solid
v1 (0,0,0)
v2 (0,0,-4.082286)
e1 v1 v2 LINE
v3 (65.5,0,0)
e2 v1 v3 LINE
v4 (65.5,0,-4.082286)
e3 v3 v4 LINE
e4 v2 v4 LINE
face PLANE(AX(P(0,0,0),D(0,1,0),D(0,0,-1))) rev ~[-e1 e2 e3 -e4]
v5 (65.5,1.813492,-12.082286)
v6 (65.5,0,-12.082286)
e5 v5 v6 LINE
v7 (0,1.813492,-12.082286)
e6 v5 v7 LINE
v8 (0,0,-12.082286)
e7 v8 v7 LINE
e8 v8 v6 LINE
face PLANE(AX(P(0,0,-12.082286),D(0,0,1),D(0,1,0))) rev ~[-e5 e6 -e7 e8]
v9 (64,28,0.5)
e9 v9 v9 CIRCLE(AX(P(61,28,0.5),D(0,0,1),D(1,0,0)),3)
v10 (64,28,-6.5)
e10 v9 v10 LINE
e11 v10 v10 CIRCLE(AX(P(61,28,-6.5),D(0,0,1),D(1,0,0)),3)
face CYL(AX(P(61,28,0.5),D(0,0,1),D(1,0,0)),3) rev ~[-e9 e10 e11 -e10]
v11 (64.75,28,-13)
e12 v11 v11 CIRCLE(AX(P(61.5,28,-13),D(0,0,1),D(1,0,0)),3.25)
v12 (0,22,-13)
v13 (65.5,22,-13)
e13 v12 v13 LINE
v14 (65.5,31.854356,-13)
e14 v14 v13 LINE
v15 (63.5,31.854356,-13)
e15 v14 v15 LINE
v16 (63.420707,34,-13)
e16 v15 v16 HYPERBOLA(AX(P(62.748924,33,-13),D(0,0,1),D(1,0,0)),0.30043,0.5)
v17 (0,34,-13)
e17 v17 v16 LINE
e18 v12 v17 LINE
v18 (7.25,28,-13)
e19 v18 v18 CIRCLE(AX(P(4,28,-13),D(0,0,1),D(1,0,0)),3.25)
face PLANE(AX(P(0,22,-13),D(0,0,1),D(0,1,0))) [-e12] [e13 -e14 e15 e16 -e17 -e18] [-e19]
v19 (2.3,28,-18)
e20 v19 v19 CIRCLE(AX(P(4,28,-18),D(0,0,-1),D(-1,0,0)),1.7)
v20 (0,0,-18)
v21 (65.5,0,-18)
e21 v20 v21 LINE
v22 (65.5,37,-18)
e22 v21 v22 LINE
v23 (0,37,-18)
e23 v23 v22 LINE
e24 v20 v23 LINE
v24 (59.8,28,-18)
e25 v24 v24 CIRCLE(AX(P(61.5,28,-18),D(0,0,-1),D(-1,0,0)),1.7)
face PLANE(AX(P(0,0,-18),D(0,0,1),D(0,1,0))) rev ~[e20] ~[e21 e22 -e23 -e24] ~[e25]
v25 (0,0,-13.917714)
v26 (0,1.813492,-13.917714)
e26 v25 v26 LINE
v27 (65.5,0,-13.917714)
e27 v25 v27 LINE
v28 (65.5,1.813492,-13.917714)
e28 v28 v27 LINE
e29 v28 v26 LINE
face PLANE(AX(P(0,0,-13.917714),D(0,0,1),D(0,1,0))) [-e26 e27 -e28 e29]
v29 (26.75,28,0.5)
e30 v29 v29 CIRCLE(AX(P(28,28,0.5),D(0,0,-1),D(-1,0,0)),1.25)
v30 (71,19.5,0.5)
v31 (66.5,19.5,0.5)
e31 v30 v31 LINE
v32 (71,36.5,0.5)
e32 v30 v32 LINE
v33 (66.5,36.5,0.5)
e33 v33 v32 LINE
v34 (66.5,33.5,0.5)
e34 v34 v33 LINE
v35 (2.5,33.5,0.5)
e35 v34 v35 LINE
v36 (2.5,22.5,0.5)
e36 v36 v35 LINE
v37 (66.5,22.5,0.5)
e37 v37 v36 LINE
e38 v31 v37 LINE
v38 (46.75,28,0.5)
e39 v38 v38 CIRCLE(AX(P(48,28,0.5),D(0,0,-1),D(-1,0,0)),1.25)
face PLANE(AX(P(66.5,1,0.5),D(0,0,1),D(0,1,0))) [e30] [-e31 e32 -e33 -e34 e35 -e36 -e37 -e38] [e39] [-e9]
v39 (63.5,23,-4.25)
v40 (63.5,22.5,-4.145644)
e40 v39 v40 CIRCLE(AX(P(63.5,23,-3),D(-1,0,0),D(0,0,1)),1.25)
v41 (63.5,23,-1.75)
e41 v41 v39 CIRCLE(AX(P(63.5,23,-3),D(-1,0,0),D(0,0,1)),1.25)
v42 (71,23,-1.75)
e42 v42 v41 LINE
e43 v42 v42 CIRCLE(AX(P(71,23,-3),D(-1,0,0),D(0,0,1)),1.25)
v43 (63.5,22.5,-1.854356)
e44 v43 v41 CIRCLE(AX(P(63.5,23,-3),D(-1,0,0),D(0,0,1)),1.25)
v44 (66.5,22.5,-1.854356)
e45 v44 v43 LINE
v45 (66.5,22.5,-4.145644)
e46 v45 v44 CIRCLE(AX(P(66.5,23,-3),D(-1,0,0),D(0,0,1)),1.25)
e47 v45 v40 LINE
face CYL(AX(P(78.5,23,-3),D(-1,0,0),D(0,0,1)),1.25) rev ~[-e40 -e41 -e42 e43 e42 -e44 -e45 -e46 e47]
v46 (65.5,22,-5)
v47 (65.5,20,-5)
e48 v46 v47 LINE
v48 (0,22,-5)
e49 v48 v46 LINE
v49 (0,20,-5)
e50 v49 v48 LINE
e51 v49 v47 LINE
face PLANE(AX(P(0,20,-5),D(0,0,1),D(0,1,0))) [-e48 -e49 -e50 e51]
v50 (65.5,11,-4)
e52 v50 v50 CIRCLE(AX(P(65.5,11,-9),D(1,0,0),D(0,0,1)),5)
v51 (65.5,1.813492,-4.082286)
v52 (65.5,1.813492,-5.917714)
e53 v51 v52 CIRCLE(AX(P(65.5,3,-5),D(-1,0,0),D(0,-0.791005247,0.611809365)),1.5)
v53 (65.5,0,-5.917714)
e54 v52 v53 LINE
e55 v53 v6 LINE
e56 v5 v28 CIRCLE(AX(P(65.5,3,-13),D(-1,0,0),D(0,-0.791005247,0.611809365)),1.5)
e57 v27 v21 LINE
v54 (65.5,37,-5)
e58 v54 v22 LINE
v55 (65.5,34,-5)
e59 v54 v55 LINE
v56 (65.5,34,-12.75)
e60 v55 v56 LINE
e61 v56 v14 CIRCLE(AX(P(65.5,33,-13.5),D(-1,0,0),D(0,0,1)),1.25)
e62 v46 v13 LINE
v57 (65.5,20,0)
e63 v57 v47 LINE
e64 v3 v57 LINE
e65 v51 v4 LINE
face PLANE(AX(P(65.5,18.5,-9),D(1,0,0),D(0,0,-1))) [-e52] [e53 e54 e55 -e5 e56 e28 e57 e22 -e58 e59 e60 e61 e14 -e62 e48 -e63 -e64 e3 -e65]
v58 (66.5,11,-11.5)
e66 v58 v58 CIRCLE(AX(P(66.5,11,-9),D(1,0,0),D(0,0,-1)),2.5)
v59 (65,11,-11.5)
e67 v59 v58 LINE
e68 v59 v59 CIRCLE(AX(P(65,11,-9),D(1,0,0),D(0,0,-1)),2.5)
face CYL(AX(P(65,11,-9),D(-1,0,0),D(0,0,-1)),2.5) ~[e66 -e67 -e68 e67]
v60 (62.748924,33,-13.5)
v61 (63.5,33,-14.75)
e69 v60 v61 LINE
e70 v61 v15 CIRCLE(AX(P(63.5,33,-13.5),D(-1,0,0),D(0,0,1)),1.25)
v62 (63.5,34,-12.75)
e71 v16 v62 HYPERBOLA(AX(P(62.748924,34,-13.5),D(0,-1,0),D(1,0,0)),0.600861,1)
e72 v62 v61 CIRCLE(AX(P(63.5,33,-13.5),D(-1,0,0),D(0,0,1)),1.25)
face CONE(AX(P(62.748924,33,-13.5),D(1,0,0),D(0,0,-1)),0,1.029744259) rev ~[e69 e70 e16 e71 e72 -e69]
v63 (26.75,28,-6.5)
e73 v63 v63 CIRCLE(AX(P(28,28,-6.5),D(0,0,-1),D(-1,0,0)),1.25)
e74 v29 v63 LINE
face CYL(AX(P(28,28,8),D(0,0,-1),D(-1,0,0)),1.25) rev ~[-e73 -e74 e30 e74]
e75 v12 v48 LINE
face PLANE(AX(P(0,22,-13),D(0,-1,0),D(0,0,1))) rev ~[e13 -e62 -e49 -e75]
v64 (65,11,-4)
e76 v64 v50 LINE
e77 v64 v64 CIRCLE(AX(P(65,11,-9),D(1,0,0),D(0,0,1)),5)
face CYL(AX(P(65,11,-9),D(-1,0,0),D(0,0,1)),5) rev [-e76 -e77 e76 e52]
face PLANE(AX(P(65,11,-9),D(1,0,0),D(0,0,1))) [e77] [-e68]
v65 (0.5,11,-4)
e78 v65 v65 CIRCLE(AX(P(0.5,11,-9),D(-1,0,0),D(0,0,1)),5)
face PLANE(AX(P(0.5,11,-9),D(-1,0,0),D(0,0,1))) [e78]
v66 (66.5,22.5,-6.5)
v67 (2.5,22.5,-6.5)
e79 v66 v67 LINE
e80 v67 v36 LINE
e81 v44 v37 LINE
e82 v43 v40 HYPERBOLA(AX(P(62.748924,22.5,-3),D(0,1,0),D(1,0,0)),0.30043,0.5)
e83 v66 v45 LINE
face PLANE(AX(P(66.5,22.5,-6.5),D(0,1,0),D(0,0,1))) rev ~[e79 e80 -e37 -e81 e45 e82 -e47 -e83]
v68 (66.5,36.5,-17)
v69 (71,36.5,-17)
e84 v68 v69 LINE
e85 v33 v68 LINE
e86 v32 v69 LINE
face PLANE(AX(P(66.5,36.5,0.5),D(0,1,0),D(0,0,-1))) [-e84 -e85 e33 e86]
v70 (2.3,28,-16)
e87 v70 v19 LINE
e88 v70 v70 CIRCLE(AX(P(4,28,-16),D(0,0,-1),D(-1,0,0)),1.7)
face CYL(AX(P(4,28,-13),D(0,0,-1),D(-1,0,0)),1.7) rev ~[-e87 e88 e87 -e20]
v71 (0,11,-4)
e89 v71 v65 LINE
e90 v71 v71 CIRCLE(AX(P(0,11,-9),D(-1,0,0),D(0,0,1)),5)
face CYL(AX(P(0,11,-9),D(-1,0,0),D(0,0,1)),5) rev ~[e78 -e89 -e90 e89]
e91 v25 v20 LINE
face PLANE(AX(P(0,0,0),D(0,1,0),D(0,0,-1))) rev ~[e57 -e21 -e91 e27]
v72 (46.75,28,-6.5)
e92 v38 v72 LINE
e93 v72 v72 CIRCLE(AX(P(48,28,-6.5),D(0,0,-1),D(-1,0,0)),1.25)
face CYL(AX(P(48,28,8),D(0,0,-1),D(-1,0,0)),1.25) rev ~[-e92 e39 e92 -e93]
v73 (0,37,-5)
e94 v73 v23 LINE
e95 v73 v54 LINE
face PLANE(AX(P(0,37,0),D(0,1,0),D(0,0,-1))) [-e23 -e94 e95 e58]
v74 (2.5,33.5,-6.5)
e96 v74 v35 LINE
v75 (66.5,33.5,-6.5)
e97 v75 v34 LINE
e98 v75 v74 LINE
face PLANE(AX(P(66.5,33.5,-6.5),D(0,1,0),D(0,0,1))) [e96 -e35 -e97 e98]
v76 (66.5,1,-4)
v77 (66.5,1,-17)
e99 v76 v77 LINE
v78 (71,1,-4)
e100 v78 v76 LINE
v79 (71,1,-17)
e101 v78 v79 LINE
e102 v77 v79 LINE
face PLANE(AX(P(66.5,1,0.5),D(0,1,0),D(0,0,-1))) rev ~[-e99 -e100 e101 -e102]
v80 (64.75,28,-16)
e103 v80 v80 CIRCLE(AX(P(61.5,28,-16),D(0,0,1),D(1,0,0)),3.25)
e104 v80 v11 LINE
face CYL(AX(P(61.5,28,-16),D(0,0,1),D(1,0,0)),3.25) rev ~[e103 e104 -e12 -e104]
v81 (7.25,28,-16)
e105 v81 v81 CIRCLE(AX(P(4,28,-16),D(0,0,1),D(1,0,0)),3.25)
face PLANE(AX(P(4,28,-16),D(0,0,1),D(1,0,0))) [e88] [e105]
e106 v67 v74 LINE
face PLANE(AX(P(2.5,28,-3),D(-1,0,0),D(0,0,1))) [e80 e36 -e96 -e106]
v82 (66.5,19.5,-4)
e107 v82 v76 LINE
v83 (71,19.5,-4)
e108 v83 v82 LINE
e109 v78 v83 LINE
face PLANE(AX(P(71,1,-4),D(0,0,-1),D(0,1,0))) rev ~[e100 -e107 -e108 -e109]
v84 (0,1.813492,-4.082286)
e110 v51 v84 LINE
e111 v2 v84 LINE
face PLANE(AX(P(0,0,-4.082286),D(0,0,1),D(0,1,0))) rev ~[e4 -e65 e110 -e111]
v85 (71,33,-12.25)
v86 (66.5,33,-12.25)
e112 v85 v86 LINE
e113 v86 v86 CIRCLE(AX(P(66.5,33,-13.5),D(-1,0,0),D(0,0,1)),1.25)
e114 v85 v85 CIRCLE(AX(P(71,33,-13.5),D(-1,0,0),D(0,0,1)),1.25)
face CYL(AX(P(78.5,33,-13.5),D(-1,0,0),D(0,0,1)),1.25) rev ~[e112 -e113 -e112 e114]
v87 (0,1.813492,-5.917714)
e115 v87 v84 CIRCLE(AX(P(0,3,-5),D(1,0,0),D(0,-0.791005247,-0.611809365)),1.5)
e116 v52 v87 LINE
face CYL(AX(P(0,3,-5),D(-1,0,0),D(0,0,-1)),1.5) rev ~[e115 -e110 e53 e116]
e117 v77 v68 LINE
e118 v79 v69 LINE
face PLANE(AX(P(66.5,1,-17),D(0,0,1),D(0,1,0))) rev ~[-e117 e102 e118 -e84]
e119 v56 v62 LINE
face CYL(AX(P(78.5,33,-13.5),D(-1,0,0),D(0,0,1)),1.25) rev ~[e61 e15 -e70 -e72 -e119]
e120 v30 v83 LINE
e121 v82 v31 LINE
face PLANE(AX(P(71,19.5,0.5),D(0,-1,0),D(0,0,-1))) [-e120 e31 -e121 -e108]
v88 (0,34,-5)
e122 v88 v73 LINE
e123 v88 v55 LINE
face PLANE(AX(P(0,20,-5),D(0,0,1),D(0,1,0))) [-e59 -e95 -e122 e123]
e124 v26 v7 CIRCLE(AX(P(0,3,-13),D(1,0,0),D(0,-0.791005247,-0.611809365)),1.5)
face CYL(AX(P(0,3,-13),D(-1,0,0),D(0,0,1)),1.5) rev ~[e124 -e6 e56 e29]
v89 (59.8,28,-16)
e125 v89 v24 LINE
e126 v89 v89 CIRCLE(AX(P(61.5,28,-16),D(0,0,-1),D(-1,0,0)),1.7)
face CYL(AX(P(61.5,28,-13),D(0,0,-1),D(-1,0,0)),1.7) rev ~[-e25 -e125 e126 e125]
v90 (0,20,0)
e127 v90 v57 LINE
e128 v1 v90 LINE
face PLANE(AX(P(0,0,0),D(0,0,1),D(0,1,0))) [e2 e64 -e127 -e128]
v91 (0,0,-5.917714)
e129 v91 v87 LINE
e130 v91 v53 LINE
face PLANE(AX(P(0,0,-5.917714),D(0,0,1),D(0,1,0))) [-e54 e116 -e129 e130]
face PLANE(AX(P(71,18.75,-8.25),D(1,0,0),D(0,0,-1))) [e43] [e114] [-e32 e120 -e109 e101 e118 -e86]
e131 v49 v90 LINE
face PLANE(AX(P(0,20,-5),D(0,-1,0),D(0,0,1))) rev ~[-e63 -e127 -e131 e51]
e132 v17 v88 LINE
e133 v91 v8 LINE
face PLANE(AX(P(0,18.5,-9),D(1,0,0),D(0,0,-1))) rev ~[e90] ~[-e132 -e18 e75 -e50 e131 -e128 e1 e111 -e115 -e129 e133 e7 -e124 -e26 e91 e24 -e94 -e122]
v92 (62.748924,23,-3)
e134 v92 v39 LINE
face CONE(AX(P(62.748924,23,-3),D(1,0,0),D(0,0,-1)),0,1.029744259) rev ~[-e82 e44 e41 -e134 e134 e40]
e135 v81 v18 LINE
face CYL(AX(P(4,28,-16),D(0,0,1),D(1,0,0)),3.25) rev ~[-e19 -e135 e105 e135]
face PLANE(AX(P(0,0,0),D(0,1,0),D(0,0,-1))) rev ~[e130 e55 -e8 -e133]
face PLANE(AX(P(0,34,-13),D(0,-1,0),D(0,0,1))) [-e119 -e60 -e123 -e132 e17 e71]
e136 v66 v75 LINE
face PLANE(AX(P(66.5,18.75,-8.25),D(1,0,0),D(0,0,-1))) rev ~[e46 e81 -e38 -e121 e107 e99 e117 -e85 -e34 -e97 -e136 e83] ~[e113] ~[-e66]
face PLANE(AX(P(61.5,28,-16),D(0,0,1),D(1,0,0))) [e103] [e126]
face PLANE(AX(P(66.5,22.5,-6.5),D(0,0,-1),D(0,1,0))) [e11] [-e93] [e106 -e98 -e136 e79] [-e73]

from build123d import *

# Parameters (mm, degrees)
SKETCH_1_W                     = 18
SKETCH_1_H                     = 37
EXTRUDE_1_DEPTH                = 65.5
SKETCH_2_R                     = 5
CUT_EXTRUDE_1_DEPTH            = 0.5
CUT_EXTRUDE_START              = -0.5
SKETCH_3_R                     = 5
CUT_EXTRUDE_2_DEPTH            = 0.5
SKETCH_4_R                     = 1.5
CUT_EXTRUDE_3_DEPTH            = 78.351470574
SKETCH_5_W                     = 1.835428096
SKETCH_5_H                     = 2.75652024
CUT_EXTRUDE_4_DEPTH            = 78.351470574
SKETCH_6_W                     = 5
SKETCH_6_H                     = 17
CUT_EXTRUDE_5_DEPTH            = 78.351470574
SKETCH_7_W                     = 8
SKETCH_7_H                     = 12
CUT_EXTRUDE_6_DEPTH            = 78.351470574
SKETCH_8_R                     = 2.5
EXTRUDE_2_DEPTH                = 1.5
SKETCH_9_W                     = 17.5
SKETCH_9_H                     = 35.5
EXTRUDE_3_DEPTH                = 4.5
SKETCH_10_W                    = 7
SKETCH_10_H                    = 11
EXTRUDE_4_DEPTH                = 64
CUT_EXTRUDE_7_REACH            = 84.061
SKETCH_11_W                    = 4.5
SKETCH_11_H                    = 18.5
HOLE_WIZARD_M3_1_D             = 2.5
HOLE_WIZARD_M3_1_DEPTH         = 7.5
HOLE_WIZARD_M3_1_TIP           = 0.751075774
HOLE_WIZARD_M3_1_2_D           = 3.4
HOLE_WIZARD_M3_1_2_DEPTH       = 5
HOLE_WIZARD_M3_1_2_CBORE_D     = 6.5
HOLE_WIZARD_M3_1_2_CBORE_DEPTH = 3
CUT_EXTRUDE_8_REACH            = 84.172
SKETCH_16_R                    = 3
HOLE_WIZARD_M3_2_D             = 2.5
HOLE_WIZARD_M3_2_DEPTH         = 7.5
HOLE_WIZARD_M3_2_TIP           = 0.751075774


with BuildPart() as part:
    # 草图1 → 凸台-拉伸1 (new body)
    with BuildSketch(Plane(origin=(0, 0, 0), x_dir=(0, 0, -1), z_dir=(1, 0, 0))):
        with Locations((9, 18.5)):
            Rectangle(SKETCH_1_W, SKETCH_1_H)
    extrude(amount=EXTRUDE_1_DEPTH)

    # 草图2 → 切除-拉伸1 (cut)
    with BuildSketch(Plane.ZY):
        with Locations((-9, 11)):
            Circle(SKETCH_2_R)
    extrude(amount=-CUT_EXTRUDE_1_DEPTH, mode=Mode.SUBTRACT)

    # 草图3 → 切除-拉伸2 (cut)
    with BuildSketch(Plane(origin=(65.5, 0, 0), x_dir=(0, 0, -1), z_dir=(1, 0, 0)).offset(CUT_EXTRUDE_START)):
        with Locations(Location((9, 11, 0), (0, 0, 180))):
            Circle(SKETCH_3_R)
    extrude(amount=CUT_EXTRUDE_2_DEPTH, mode=Mode.SUBTRACT)

    # 草图4 → 切除-拉伸3 (cut, through all)
    with BuildSketch(Plane.ZY):
        with Locations((-13, 3)):
            Circle(SKETCH_4_R)
        with Locations(Location((-5, 3, 0), (0, 0, 180))):
            Circle(SKETCH_4_R)
    extrude(amount=-CUT_EXTRUDE_3_DEPTH, mode=Mode.SUBTRACT)

    # 草图5 → 切除-拉伸4 (cut, through all)
    with BuildSketch(Plane.ZY):
        with Locations((-13, 1.37826012)):
            Rectangle(SKETCH_5_W, SKETCH_5_H)
        with Locations((-5, 1.37826012)):
            Rectangle(SKETCH_5_W, SKETCH_5_H)
    extrude(amount=-CUT_EXTRUDE_4_DEPTH, mode=Mode.SUBTRACT)

    # 草图6 → 切除-拉伸5 (cut, through all)
    with BuildSketch(Plane.ZY):
        with Locations((-2.5, 28.5)):
            Rectangle(SKETCH_6_W, SKETCH_6_H)
    extrude(amount=-CUT_EXTRUDE_5_DEPTH, mode=Mode.SUBTRACT)

    # 草图7 → 切除-拉伸6 (cut, through all)
    with BuildSketch(Plane.ZY):
        with Locations((-9, 28)):
            Rectangle(SKETCH_7_W, SKETCH_7_H)
    extrude(amount=-CUT_EXTRUDE_6_DEPTH, mode=Mode.SUBTRACT)

    # 草图8 → 凸台-拉伸2 (add)
    with BuildSketch(Plane(origin=(65, 0, 0), x_dir=(0, 0, -1), z_dir=(1, 0, 0))):
        with Locations((9, 11)):
            Circle(SKETCH_8_R)
    extrude(amount=EXTRUDE_2_DEPTH)

    # 草图9 → 凸台-拉伸3 (add)
    with BuildSketch(Plane(origin=(66.5, 0, 0), x_dir=(0, 0, -1), z_dir=(1, 0, 0))):
        with Locations((8.25, 18.75)):
            Rectangle(SKETCH_9_W, SKETCH_9_H)
    extrude(amount=EXTRUDE_3_DEPTH)

    # 草图10 → 凸台-拉伸4 (add)
    with BuildSketch(Plane.ZY.offset(-66.5)):
        with Locations((-3, 28)):
            Rectangle(SKETCH_10_W, SKETCH_10_H)
    extrude(amount=EXTRUDE_4_DEPTH)

    # 草图11 → 切除-拉伸7 (cut, up to next)
    with BuildSketch(Plane(origin=(71, 0, 0), x_dir=(0, 0, -1), z_dir=(1, 0, 0)), mode=Mode.PRIVATE) as cut_extrude_7_sk1:
        with Locations((1.75, 10.25)):
            Rectangle(SKETCH_11_W, SKETCH_11_H)
    cut_extrude_7_tool1 = extrude(cut_extrude_7_sk1.sketch, amount=-CUT_EXTRUDE_7_REACH, mode=Mode.PRIVATE) & part.part
    add(cut_extrude_7_tool1.solids().sort_by_distance((71, 10.25, -1.75))[0], mode=Mode.SUBTRACT)

    # Hole Wizard M3 _1
    with Locations(Plane(origin=(71, 0, 0), x_dir=(0, 0, -1), z_dir=(1, 0, 0))):
        with Locations((13.5, 33), (3, 23)):
            Hole(HOLE_WIZARD_M3_1_D / 2, depth=HOLE_WIZARD_M3_1_DEPTH)
            with Locations((0, 0, -(HOLE_WIZARD_M3_1_DEPTH + HOLE_WIZARD_M3_1_TIP / 2))):  # 118° drill point
                Cone(0, HOLE_WIZARD_M3_1_D / 2, HOLE_WIZARD_M3_1_TIP, mode=Mode.SUBTRACT)

    # Hole Wizard M3 _1 2
    with Locations(Plane.XY.offset(-13)):
        with Locations((4, 28), (61.5, 28)):
            CounterBoreHole(HOLE_WIZARD_M3_1_2_D / 2, HOLE_WIZARD_M3_1_2_CBORE_D / 2, HOLE_WIZARD_M3_1_2_CBORE_DEPTH, depth=HOLE_WIZARD_M3_1_2_DEPTH)

    # 草图16 → 切除-拉伸8 (cut, up to next)
    with BuildSketch(Plane.XY.offset(0.5), mode=Mode.PRIVATE) as cut_extrude_8_sk1:
        with Locations((61, 28)):
            Circle(SKETCH_16_R)
    cut_extrude_8_tool1 = extrude(cut_extrude_8_sk1.sketch, amount=-CUT_EXTRUDE_8_REACH, mode=Mode.PRIVATE) & part.part
    add(cut_extrude_8_tool1.solids().sort_by_distance((61, 28, 0.5))[0], mode=Mode.SUBTRACT)

    # M3 螺纹孔2
    with Locations(Plane.XY.offset(0.5)):
        with Locations((28, 28), (48, 28)):
            Hole(HOLE_WIZARD_M3_2_D / 2, depth=HOLE_WIZARD_M3_2_DEPTH)
            with Locations((0, 0, -(HOLE_WIZARD_M3_2_DEPTH + HOLE_WIZARD_M3_2_TIP / 2))):  # 118° drill point
                Cone(0, HOLE_WIZARD_M3_2_D / 2, HOLE_WIZARD_M3_2_TIP, mode=Mode.SUBTRACT)


solid = part.part
